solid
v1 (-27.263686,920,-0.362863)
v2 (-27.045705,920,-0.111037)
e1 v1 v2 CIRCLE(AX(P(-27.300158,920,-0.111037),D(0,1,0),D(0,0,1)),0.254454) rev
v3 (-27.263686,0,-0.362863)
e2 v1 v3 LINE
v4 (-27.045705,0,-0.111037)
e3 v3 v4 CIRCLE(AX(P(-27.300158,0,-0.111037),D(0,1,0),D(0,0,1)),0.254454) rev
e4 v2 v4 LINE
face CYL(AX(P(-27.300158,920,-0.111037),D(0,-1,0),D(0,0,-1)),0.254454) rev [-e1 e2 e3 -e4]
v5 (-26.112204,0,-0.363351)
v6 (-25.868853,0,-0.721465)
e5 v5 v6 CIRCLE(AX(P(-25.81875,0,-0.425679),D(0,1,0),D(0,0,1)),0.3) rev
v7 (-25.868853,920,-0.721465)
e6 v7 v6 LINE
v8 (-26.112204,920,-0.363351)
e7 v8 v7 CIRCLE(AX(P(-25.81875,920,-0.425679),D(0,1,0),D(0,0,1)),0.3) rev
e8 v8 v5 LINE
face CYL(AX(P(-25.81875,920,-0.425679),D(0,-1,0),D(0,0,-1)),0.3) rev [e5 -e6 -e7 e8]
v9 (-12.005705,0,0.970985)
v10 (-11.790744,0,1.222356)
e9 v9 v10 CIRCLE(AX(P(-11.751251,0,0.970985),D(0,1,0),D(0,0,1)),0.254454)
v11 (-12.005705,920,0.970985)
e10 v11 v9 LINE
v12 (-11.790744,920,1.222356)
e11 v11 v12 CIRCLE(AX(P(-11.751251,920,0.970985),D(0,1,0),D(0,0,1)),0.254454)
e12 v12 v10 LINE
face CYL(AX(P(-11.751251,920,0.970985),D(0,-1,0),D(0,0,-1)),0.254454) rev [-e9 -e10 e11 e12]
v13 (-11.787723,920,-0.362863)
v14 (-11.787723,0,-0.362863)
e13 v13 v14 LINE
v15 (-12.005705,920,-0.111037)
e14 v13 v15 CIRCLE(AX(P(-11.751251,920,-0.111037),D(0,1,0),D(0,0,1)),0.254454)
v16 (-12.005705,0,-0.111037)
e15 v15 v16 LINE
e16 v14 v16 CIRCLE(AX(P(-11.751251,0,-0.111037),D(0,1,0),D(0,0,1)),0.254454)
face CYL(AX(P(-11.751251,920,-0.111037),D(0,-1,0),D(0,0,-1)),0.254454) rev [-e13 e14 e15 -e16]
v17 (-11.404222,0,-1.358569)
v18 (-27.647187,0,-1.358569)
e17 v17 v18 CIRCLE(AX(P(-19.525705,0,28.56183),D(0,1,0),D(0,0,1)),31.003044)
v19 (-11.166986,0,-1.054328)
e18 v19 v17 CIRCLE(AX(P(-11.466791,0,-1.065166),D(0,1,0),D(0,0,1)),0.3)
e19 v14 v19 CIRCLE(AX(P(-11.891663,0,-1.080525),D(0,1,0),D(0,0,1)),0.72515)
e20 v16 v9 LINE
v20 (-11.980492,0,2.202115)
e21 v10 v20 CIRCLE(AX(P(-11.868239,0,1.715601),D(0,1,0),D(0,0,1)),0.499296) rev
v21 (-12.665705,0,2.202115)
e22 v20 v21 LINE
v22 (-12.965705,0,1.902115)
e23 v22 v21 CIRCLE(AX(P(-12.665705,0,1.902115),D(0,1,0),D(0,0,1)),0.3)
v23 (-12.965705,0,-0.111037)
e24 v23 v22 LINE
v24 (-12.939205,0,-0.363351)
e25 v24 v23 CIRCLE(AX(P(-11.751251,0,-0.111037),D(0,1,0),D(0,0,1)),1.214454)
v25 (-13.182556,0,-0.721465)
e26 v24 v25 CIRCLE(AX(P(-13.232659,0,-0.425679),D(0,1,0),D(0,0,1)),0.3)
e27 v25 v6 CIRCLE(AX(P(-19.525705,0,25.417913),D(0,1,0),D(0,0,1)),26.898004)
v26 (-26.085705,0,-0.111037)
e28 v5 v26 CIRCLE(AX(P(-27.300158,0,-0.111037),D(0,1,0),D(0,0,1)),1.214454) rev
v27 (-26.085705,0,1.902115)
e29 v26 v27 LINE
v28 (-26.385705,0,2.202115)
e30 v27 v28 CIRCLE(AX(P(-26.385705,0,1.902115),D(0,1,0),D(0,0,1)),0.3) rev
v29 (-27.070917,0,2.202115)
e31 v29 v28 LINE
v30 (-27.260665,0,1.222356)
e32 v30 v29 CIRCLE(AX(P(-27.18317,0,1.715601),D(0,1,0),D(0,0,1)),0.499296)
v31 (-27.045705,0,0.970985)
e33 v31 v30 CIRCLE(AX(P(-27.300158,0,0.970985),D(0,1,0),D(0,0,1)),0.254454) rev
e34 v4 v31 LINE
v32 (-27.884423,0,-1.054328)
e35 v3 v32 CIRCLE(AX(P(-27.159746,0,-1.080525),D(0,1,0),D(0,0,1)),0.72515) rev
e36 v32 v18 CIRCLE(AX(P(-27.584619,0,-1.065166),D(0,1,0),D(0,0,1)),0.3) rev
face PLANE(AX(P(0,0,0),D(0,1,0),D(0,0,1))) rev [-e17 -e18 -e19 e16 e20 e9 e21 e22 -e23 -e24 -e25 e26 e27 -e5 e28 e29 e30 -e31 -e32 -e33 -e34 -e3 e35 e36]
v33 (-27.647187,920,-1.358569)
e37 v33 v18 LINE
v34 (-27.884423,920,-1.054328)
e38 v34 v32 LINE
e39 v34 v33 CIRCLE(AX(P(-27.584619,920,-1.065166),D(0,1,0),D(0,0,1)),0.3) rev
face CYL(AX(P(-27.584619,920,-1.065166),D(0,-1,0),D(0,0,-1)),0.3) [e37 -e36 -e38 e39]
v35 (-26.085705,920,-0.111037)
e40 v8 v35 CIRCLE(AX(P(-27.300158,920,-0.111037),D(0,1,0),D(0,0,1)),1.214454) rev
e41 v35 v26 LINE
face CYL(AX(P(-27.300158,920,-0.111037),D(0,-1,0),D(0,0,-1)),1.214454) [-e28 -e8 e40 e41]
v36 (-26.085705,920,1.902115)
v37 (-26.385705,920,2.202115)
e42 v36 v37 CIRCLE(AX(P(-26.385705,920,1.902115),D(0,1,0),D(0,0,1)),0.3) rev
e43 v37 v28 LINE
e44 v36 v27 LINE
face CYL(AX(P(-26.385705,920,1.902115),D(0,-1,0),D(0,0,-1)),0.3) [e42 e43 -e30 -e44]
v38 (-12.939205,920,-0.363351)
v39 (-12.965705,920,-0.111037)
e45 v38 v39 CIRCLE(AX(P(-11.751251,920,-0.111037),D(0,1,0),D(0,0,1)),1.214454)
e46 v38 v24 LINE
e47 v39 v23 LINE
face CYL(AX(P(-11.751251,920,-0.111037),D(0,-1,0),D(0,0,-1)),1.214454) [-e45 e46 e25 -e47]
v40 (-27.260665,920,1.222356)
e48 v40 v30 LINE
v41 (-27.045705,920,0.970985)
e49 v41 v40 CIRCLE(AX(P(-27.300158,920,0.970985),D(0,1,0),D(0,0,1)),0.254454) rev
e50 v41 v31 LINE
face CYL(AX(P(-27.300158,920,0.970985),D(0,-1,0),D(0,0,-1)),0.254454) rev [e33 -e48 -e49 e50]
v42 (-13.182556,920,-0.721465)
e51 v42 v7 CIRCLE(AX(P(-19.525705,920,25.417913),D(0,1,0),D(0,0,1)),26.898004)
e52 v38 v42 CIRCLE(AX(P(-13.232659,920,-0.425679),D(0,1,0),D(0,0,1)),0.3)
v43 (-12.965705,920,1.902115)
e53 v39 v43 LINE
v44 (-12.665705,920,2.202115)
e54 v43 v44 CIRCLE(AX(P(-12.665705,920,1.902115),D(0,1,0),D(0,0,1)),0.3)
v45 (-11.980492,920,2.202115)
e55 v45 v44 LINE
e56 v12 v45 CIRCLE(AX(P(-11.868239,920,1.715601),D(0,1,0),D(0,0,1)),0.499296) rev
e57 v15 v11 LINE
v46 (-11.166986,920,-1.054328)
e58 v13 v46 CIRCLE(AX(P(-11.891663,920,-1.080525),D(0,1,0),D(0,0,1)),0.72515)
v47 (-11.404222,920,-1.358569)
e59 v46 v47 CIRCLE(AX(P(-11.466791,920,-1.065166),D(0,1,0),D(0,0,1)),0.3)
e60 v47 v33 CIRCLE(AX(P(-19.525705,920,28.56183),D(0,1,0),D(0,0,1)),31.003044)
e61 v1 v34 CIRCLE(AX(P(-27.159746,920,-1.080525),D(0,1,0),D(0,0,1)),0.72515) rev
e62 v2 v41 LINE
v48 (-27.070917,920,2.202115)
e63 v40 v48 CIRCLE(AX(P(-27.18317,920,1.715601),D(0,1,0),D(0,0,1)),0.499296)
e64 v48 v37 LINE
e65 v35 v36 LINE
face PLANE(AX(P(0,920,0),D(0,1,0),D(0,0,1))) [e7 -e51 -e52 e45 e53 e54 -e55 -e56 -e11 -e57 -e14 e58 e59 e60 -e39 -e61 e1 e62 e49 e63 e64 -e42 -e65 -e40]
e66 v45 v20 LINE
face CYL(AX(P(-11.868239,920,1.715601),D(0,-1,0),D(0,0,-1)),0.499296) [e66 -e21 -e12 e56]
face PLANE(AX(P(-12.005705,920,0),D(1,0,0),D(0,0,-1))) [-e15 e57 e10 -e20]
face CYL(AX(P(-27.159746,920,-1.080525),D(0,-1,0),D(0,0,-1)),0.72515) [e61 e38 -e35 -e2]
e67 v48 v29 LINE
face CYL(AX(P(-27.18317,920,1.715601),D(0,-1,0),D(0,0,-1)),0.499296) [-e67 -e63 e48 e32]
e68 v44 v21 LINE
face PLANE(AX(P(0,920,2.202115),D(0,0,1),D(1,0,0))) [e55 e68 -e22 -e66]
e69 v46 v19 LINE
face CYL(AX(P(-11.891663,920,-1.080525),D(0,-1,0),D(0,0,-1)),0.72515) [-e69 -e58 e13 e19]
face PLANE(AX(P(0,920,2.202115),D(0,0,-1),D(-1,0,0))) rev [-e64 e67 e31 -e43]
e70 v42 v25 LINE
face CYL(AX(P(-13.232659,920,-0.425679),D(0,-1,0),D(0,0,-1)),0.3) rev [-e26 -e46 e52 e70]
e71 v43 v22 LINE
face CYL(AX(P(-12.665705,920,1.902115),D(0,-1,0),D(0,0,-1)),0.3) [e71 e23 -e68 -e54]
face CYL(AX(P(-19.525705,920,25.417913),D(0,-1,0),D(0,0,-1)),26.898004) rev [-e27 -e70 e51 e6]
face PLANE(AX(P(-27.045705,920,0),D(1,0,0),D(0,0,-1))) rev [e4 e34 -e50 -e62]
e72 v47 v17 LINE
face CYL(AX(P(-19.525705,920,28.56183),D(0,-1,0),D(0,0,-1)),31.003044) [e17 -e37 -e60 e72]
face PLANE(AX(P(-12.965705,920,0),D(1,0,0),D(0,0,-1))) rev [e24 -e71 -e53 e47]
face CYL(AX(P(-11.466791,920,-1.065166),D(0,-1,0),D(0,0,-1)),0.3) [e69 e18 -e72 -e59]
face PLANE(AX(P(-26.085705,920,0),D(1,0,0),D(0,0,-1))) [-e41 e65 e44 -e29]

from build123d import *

# Parameters (mm, degrees)
SALIENTE_EXTRUIR1_DEPTH = 920


with BuildPart() as part:
    # Croquis1 → Saliente-Extruir1 (new body)
    with BuildSketch(Plane(origin=(0, 0, 0), x_dir=(1, 0, 0), z_dir=(0, 1, 0))):
        with BuildLine():
            Line((-27.04570475, 0.111036701), (-27.04570475, -0.9709854))
            ThreePointArc((-27.04570475, -0.9709854), (-27.106772974, -1.136359948), (-27.260665216, -1.222355571))
            ThreePointArc((-27.260665216, -1.222355571), (-27.673358623, -1.810535113), (-27.070917054, -2.202115474))
            Line((-27.070917054, -2.202115474), (-26.38570475, -2.202115474))
            ThreePointArc((-26.38570475, -2.202115474), (-26.173572716, -2.114247508), (-26.08570475, -1.902115474))
            Line((-26.08570475, -1.902115474), (-26.08570475, 0.111036701))
            ThreePointArc((-26.08570475, 0.111036701), (-26.092347771, 0.237887611), (-26.112204161, 0.36335078))
            ThreePointArc((-26.112204161, 0.36335078), (-26.06688189, 0.594292482), (-25.868853352, 0.721465107))
            ThreePointArc((-25.868853352, 0.721465107), (-19.52570475, 1.480091061), (-13.182556148, 0.721465107))
            ThreePointArc((-13.182556148, 0.721465107), (-12.984527611, 0.594292482), (-12.93920534, 0.36335078))
            ThreePointArc((-12.93920534, 0.36335078), (-12.959061729, 0.237887611), (-12.96570475, 0.111036701))
            Line((-12.96570475, 0.111036701), (-12.96570475, -1.902115474))
            ThreePointArc((-12.96570475, -1.902115474), (-12.877836785, -2.114247508), (-12.66570475, -2.202115474))
            Line((-12.66570475, -2.202115474), (-11.980492447, -2.202115474))
            ThreePointArc((-11.980492447, -2.202115474), (-11.378050878, -1.810535113), (-11.790744285, -1.222355571))
            ThreePointArc((-11.790744285, -1.222355571), (-11.944636526, -1.136359948), (-12.00570475, -0.9709854))
            Line((-12.00570475, -0.9709854), (-12.00570475, 0.111036701))
            ThreePointArc((-12.00570475, 0.111036701), (-11.943640246, 0.277569223), (-11.787723385, 0.362862925))
            ThreePointArc((-11.787723385, 0.362862925), (-11.352050184, 0.596107617), (-11.166986384, 1.054327667))
            ThreePointArc((-11.166986384, 1.054327667), (-11.230212618, 1.249640519), (-11.40422216, 1.358568688))
            ThreePointArc((-11.40422216, 1.358568688), (-19.52570475, 2.441214001), (-27.64718734, 1.358568688))
            ThreePointArc((-27.64718734, 1.358568688), (-27.821196883, 1.249640519), (-27.884423117, 1.054327667))
            ThreePointArc((-27.884423117, 1.054327667), (-27.699359317, 0.596107617), (-27.263686116, 0.362862925))
            ThreePointArc((-27.263686116, 0.362862925), (-27.107769254, 0.277569223), (-27.04570475, 0.111036701))
        make_face()
    extrude(amount=SALIENTE_EXTRUIR1_DEPTH)


solid = part.part
